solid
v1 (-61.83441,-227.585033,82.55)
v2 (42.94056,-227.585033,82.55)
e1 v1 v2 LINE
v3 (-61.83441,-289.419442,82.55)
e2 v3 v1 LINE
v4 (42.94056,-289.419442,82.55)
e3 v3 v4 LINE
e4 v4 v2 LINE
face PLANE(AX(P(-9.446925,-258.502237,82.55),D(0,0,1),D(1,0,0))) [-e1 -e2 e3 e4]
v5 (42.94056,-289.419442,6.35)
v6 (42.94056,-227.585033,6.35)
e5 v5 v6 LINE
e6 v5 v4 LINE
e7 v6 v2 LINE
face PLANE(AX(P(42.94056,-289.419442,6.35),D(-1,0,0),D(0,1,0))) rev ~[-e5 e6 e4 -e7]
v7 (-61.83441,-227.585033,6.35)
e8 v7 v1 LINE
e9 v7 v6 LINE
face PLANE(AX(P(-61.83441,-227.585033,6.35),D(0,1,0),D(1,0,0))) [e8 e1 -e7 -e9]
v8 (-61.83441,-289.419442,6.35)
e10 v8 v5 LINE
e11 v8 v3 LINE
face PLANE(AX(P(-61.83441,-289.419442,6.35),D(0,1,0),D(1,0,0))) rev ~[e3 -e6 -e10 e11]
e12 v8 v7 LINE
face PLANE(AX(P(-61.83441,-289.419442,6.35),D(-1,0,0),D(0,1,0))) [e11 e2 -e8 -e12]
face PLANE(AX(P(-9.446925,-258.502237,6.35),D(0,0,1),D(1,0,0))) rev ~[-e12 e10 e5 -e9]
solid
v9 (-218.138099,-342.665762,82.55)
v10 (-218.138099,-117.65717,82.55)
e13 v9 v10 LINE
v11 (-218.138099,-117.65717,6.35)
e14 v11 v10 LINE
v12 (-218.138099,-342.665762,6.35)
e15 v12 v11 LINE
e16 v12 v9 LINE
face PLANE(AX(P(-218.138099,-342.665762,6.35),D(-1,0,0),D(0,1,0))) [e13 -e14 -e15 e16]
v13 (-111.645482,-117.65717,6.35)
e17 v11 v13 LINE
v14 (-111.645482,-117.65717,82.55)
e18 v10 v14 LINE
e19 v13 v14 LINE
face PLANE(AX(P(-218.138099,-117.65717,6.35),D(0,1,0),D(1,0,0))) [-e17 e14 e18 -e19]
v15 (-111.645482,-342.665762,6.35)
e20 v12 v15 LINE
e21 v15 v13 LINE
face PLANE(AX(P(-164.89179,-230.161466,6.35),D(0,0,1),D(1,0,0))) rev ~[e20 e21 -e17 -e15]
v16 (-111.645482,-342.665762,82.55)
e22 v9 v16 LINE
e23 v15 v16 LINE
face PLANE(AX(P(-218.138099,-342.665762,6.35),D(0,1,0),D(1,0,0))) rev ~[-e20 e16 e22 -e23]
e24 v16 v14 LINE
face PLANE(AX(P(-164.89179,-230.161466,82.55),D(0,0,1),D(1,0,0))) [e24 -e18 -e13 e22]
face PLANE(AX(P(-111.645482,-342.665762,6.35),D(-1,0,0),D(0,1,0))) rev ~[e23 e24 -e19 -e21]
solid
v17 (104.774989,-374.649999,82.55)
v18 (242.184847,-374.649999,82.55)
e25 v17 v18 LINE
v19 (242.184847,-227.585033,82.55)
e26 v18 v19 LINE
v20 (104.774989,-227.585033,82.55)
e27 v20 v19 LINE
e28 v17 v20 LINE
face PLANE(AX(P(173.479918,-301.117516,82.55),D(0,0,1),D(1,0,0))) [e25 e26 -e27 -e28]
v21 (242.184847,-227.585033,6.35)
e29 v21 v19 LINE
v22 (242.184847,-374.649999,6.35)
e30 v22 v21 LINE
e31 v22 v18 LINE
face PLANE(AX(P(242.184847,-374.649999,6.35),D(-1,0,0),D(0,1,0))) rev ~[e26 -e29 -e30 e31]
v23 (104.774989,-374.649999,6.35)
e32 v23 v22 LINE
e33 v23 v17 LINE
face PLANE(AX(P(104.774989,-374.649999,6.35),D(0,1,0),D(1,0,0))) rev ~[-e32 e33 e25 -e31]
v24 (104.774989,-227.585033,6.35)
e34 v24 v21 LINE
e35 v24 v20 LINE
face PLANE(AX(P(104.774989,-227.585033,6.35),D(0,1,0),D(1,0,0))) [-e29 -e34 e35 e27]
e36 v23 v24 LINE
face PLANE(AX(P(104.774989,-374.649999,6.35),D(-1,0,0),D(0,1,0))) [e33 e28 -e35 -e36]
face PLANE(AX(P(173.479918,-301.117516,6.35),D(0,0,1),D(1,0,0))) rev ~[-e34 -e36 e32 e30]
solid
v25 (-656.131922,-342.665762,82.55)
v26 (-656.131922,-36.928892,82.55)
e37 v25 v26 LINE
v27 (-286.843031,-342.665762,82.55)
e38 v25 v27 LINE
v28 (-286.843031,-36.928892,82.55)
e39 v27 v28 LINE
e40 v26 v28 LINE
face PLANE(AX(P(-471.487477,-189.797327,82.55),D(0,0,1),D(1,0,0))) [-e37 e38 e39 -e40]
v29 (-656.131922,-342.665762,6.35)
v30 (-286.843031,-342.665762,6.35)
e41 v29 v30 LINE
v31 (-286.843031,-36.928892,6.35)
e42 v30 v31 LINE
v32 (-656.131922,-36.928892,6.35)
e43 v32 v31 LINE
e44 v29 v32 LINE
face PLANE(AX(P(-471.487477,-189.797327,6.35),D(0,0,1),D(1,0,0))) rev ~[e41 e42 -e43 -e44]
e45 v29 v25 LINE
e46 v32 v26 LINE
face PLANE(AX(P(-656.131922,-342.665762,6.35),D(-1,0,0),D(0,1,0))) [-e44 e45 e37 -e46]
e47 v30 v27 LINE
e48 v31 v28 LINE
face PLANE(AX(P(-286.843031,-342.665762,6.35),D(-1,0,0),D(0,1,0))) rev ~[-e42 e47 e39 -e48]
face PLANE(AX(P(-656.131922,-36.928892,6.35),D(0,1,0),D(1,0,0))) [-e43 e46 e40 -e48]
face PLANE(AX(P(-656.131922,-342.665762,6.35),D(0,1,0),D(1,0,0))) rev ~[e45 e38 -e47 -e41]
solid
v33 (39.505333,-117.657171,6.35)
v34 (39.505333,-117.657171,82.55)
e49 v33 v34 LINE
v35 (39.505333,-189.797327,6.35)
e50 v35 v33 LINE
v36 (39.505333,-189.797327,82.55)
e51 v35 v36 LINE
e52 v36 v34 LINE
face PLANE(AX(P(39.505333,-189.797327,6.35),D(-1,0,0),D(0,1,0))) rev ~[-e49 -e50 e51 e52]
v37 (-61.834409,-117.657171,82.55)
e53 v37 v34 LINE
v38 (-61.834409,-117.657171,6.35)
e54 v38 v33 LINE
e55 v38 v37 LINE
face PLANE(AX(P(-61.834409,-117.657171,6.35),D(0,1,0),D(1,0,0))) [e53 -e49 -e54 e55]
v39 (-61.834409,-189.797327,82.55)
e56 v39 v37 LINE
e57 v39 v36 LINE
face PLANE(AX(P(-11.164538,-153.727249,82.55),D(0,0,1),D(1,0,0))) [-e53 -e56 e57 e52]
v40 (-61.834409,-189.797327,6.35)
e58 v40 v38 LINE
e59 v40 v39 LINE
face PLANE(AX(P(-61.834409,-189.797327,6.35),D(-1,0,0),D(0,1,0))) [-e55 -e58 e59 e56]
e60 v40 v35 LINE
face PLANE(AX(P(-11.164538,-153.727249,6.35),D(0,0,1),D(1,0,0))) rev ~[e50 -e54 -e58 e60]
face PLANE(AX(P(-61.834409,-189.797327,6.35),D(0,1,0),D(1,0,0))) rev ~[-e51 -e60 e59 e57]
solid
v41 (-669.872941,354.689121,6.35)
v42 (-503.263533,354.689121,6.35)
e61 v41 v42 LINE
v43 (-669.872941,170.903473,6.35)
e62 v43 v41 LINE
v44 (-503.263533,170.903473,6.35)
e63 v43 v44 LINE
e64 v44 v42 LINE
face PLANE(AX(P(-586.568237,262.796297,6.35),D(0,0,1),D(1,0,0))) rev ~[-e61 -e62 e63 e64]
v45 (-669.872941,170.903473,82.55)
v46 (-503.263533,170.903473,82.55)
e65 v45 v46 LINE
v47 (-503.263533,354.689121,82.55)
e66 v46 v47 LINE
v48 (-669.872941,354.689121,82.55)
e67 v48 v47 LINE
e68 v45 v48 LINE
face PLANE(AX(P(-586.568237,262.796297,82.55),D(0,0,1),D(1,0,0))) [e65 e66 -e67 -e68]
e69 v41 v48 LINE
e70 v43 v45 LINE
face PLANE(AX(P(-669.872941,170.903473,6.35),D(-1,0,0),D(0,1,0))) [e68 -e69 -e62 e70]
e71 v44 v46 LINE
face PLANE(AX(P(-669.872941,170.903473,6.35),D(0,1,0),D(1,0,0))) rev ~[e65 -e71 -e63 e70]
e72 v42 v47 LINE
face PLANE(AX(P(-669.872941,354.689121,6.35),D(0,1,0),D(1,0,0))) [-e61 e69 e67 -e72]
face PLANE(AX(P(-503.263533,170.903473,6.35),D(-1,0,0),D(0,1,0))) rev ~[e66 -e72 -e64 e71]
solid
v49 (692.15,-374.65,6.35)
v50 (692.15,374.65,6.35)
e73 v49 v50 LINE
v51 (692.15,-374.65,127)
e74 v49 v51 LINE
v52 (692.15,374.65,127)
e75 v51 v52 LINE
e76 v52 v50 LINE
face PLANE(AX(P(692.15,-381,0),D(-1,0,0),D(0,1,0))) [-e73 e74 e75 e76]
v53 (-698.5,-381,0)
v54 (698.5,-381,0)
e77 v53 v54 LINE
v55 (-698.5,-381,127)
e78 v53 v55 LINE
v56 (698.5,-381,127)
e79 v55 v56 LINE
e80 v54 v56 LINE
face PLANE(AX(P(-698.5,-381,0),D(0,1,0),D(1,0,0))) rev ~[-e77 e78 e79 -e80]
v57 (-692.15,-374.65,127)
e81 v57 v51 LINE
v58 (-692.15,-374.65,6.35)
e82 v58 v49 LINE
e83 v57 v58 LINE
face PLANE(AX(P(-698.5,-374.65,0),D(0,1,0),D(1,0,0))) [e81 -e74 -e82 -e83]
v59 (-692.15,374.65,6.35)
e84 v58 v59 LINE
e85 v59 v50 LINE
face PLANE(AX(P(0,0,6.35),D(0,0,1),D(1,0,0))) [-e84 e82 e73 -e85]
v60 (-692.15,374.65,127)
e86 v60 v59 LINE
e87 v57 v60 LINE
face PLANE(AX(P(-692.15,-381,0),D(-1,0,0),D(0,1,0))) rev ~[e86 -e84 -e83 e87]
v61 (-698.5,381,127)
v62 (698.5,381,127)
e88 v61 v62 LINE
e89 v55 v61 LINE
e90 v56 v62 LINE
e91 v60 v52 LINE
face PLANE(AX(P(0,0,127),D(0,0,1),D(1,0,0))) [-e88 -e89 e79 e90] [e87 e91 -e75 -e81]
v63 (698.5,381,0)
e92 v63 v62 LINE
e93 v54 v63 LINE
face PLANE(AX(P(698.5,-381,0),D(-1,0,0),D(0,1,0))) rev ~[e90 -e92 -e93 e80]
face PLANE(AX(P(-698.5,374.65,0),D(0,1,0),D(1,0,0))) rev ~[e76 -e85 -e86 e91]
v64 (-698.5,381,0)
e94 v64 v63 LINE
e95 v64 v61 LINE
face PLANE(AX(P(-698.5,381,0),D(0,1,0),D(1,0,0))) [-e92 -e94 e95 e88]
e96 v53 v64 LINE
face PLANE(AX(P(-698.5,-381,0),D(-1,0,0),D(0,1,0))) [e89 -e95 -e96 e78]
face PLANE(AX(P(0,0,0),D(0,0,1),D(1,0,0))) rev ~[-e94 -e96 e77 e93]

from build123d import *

# Parameters (mm, degrees)
F0_W     = 1397
F0_H     = 762
F1_DEPTH = 127
F2_T     = -6.35
F3_W     = 369.288891
F3_H     = 305.73687
F3_W_2   = 106.492617
F3_H_2   = 225.008592
F3_W_3   = 101.339743
F3_H_3   = 72.140157
F3_W_4   = 104.774971
F3_H_4   = 61.834409
F3_W_5   = 166.609407
F3_H_5   = 183.785647
F3_W_6   = 137.409859
F3_H_6   = 147.064967
F4_DEPTH = 76.2


with BuildPart() as f1:
    # F0 (on Top) → F1 (new body)
    with BuildSketch(Plane.XY):
        Rectangle(F0_W, F0_H)
    extrude(amount=F1_DEPTH)

    # F2
    f2_openings = [f1.faces().sort_by_distance(p)[0] for p in [
        (0, 0, 127),
    ]]
    offset(amount=F2_T, openings=f2_openings)


with BuildPart() as f4:
    # F3 (on face) → F4 (new body)
    with BuildSketch(Plane.XY.offset(6.35)):
        with Locations((-471.487477, -189.797327)):
            Rectangle(F3_W, F3_H)
        with Locations((-164.89179, -230.161466)):
            Rectangle(F3_W_2, F3_H_2)
        with Locations((-11.164538, -153.727249)):
            Rectangle(F3_W_3, F3_H_3)
        with Locations((-9.446925, -258.502237)):
            Rectangle(F3_W_4, F3_H_4)
        with Locations((-586.568237, 262.796297)):
            Rectangle(F3_W_5, F3_H_5)
        with Locations((173.479918, -301.117516)):
            Rectangle(F3_W_6, F3_H_6)
    extrude(amount=F4_DEPTH)


solid = Compound([f1.part, f4.part])
